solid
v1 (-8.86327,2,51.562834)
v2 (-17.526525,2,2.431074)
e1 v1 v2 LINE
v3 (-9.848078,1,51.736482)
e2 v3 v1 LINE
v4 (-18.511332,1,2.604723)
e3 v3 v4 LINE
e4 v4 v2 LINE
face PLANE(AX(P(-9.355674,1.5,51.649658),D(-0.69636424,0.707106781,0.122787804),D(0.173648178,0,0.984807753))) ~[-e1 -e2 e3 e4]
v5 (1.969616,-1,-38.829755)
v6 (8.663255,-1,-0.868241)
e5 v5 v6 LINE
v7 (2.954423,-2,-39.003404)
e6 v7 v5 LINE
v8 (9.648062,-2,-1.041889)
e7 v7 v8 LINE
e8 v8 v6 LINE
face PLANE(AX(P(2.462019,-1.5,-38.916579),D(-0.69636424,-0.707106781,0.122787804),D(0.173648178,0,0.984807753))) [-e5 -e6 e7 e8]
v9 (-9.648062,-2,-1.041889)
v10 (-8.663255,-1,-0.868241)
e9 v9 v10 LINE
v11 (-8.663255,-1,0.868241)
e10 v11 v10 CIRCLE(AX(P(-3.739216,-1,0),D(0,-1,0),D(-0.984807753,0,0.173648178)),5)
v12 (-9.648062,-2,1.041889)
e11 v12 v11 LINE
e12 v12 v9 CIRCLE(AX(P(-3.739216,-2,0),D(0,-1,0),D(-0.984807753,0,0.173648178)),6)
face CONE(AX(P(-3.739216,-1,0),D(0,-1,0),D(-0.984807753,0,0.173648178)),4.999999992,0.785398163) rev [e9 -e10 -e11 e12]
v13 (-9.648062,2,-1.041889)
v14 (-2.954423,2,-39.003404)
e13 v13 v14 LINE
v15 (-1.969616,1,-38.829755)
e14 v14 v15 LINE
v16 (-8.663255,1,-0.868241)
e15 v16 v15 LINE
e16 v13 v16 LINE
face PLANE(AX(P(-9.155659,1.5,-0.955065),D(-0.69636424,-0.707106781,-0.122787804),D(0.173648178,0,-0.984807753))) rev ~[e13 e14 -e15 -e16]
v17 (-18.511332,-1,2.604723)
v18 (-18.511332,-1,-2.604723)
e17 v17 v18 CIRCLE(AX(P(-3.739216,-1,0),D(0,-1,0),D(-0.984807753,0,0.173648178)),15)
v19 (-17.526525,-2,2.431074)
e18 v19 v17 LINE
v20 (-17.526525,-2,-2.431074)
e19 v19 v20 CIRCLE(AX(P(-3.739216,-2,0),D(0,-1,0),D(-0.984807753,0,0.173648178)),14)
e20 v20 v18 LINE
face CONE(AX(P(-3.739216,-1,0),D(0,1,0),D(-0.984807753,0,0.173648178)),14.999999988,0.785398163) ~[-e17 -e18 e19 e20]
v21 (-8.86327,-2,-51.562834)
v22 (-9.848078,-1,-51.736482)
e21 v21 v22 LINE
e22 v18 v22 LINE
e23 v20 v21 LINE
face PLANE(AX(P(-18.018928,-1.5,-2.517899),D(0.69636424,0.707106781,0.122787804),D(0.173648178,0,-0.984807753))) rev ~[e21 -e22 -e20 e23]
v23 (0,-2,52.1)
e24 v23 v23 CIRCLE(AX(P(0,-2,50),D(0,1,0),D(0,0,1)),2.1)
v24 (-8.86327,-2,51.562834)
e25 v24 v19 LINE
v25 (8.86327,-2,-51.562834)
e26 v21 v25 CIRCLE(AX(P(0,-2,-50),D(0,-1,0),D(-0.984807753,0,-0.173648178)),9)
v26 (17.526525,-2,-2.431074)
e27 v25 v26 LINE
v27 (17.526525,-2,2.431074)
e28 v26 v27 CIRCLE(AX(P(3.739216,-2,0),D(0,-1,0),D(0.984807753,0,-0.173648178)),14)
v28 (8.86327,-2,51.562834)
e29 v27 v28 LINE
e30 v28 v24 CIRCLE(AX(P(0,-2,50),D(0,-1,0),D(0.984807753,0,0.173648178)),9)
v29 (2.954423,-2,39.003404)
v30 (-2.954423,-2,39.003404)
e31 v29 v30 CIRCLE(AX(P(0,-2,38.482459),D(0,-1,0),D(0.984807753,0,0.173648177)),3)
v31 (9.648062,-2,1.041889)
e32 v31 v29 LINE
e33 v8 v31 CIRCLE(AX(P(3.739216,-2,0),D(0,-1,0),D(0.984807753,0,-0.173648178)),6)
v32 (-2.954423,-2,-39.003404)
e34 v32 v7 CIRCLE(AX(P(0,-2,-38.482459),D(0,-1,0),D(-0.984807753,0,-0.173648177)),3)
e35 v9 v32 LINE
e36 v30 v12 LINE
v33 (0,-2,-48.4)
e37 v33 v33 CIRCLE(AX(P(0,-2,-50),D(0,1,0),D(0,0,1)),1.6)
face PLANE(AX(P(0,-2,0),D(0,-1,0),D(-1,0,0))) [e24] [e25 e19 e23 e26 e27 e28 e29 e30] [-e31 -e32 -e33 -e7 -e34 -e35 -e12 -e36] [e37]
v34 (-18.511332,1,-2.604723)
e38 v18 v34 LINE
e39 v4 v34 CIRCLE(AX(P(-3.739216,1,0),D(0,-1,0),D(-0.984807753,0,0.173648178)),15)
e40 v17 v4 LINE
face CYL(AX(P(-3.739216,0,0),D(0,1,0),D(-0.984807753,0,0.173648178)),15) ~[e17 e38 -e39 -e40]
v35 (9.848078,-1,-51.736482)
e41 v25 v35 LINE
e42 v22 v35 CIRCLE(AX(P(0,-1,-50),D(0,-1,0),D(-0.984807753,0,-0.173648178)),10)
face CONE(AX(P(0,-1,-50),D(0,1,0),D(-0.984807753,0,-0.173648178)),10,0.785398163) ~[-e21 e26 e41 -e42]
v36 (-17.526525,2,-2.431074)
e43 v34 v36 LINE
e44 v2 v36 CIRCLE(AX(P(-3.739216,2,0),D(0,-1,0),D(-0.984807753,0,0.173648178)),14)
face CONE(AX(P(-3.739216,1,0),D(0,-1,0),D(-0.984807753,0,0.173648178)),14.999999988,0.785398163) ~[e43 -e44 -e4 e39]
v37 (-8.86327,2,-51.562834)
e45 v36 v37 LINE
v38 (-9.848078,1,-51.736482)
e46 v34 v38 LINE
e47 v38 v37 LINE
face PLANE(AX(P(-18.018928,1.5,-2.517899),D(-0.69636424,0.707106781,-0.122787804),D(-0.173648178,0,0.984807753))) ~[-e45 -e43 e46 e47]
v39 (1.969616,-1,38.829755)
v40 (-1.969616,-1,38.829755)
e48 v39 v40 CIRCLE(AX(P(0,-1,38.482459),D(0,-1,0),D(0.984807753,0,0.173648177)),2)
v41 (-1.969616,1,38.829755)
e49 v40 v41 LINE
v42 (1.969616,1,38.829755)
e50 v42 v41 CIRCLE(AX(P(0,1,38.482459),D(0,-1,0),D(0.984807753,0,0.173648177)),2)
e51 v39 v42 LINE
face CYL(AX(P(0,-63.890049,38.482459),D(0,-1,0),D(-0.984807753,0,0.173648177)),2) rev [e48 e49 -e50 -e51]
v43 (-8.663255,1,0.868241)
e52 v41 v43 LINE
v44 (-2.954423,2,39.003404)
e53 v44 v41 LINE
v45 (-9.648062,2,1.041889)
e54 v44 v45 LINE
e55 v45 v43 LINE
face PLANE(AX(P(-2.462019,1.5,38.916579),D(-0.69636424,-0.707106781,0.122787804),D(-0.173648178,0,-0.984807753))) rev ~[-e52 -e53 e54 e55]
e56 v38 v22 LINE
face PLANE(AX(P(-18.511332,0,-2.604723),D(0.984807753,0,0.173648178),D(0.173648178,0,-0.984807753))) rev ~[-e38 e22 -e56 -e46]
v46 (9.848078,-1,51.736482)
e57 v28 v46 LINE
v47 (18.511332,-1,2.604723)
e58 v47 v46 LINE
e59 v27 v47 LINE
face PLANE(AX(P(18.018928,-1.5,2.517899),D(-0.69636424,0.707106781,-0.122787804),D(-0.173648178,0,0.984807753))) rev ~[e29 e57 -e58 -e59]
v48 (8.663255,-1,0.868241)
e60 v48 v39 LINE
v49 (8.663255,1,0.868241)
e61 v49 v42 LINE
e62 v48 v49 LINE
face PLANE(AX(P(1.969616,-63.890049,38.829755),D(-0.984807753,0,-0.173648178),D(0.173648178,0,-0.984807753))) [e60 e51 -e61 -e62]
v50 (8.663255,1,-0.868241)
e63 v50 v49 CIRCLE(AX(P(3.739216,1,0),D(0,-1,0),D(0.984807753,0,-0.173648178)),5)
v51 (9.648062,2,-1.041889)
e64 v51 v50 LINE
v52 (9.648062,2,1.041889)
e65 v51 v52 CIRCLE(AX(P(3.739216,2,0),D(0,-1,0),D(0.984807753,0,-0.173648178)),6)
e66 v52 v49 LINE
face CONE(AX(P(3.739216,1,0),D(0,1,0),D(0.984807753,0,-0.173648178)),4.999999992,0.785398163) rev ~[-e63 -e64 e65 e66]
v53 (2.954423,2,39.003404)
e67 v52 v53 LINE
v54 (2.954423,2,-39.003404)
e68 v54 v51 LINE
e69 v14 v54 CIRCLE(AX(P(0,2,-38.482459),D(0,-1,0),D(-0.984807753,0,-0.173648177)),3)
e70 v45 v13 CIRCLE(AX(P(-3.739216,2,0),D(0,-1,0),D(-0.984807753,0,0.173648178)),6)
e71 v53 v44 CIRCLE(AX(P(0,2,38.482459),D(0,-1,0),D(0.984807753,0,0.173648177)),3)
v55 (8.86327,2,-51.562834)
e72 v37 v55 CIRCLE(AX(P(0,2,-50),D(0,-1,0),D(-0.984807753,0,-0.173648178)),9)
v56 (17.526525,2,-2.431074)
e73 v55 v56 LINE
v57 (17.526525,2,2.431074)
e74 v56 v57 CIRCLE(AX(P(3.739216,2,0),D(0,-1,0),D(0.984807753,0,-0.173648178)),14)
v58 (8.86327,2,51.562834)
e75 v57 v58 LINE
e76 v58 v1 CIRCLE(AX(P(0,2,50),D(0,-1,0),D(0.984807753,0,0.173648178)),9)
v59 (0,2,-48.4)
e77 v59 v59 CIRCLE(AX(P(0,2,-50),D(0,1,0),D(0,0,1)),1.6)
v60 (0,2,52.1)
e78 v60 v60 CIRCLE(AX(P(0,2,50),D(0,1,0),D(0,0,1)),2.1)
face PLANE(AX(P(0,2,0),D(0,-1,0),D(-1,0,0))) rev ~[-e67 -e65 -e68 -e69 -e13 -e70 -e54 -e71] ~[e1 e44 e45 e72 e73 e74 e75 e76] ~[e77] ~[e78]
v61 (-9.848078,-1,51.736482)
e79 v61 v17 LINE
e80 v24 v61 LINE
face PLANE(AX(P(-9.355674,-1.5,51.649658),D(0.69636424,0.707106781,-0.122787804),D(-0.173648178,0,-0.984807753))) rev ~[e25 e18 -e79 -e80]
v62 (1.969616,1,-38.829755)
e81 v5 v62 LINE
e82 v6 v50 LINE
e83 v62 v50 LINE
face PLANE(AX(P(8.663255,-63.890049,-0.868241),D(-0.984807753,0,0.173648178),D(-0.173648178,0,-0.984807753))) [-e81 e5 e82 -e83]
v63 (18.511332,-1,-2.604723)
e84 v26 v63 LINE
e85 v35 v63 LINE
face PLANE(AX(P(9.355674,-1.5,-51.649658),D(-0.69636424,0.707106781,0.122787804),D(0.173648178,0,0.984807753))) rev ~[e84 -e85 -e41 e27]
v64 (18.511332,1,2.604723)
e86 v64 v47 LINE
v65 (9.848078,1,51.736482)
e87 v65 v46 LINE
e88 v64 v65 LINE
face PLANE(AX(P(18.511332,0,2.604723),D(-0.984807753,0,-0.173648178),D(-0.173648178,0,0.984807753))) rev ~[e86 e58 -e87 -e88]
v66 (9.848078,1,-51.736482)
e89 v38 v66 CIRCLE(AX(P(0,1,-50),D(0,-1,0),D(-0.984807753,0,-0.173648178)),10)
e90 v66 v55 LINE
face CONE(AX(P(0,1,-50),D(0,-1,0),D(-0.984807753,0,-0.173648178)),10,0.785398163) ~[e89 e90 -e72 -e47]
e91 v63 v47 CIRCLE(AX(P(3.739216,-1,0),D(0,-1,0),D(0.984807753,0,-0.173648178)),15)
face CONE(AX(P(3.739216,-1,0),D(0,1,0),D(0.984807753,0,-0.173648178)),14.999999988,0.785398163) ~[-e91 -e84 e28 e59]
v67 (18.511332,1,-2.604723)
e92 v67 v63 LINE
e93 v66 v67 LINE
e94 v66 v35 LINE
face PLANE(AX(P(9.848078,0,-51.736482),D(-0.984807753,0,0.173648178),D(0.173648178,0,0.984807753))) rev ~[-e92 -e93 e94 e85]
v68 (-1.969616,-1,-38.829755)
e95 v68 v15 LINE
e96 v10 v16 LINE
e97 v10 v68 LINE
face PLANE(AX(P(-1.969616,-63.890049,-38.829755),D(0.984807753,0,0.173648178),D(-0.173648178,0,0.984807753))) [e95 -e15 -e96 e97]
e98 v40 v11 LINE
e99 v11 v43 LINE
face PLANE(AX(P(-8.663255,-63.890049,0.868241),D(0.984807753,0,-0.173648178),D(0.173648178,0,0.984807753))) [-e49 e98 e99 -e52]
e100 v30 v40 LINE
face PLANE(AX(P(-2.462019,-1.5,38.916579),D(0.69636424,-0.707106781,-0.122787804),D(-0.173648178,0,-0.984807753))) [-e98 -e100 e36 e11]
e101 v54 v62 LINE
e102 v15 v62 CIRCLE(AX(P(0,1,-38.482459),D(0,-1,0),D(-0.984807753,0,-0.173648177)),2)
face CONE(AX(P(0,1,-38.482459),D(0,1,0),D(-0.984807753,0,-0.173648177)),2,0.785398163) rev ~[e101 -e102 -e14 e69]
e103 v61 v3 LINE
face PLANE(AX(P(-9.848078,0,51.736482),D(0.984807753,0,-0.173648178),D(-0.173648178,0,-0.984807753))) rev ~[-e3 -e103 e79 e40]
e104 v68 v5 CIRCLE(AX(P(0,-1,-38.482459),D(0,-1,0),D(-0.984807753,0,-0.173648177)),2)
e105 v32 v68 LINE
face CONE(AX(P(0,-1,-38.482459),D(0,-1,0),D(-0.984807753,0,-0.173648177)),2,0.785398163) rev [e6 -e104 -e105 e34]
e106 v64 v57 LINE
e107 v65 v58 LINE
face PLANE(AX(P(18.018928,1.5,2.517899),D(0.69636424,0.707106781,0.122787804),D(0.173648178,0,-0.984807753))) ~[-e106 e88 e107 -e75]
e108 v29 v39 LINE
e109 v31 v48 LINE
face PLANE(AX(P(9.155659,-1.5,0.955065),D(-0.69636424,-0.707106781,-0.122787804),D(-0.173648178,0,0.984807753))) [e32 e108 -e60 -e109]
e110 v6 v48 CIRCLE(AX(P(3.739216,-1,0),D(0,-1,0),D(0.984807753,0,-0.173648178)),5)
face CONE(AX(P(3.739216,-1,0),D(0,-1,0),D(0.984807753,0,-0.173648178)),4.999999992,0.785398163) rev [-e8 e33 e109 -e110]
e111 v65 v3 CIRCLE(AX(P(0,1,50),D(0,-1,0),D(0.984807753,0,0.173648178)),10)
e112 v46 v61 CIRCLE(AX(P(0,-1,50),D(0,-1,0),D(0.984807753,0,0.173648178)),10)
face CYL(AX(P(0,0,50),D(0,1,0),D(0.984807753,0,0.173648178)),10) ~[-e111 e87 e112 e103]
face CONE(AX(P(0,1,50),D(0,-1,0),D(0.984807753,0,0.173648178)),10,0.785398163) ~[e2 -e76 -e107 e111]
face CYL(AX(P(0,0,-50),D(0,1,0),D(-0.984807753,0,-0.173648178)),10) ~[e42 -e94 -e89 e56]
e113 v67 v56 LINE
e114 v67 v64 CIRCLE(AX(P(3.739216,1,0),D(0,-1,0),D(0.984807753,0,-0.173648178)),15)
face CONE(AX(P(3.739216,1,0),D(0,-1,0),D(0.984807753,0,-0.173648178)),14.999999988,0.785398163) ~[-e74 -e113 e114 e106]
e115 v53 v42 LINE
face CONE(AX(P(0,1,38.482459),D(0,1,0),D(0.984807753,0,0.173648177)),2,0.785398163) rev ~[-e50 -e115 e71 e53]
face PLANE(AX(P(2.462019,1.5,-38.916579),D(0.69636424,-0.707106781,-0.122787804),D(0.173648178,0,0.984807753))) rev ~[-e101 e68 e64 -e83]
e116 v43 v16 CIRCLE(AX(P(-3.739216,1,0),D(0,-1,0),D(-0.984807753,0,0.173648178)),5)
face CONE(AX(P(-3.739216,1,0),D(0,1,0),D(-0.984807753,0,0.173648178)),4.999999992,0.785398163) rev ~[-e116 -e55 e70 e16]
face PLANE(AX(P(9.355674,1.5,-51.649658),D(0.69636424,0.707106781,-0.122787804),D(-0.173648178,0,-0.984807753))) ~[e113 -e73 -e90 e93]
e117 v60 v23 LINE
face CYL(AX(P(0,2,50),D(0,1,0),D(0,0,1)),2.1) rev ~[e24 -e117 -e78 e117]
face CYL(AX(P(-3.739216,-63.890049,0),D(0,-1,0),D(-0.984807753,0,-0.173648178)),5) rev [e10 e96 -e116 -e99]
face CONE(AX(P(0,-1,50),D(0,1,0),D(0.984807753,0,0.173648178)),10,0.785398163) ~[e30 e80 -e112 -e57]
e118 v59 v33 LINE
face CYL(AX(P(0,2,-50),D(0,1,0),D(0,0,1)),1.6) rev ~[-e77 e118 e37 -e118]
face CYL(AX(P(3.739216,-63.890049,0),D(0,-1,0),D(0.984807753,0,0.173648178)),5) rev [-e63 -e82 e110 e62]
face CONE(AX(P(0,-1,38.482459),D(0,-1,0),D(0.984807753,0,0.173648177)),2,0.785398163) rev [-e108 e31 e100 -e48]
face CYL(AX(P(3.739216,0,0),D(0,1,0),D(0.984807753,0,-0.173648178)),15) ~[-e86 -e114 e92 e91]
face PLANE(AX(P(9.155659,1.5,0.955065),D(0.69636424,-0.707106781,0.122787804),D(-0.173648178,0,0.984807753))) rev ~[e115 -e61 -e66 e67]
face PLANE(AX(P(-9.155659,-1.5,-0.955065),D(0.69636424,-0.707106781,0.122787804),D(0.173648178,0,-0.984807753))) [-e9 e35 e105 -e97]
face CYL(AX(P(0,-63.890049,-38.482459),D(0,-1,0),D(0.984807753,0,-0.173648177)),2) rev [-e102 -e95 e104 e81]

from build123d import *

# Parameters (mm, degrees)
EXTRUDE_1_DEPTH          = 2
SKETCH_2_R               = 1.6
SKETCH_2_R_2             = 2.1
CUT_EXTRUDE_1_DEPTH      = 63.985380966
CUT_EXTRUDE_4_DEPTH      = 63.89004862
CUT_EXTRUDE_4_DEPTH_BACK = 63.89004862
CHAMFER_1_SIZE           = 1


with BuildPart() as part:
    # 草图1 → 凸台-拉伸1 (new, symmetric)
    with BuildSketch(Plane(origin=(0, 0, 0), x_dir=(1, 0, 0), z_dir=(0, 1, 0))):
        with BuildLine():
            Line((-18.511332271, 2.604722665), (-9.84807753, 51.736481777))
            ThreePointArc((-9.84807753, 51.736481777), (0, 60), (9.84807753, 51.736481777))
            Line((9.84807753, 51.736481777), (18.511332271, 2.604722665))
            ThreePointArc((18.511332271, 2.604722665), (18.739215976, 0), (18.511332271, -2.604722665))
            Line((18.511332271, -2.604722665), (9.84807753, -51.736481777))
            ThreePointArc((9.84807753, -51.736481777), (0, -60), (-9.84807753, -51.736481777))
            Line((-9.84807753, -51.736481777), (-18.511332271, -2.604722665))
            ThreePointArc((-18.511332271, -2.604722665), (-18.739215976, 0), (-18.511332271, 2.604722665))
        make_face()
    extrude(amount=EXTRUDE_1_DEPTH, both=True)

    # 草图2 → 切除-拉伸1 (cut, through all)
    with BuildSketch(Plane(origin=(0, 2, 0), x_dir=(1, 0, 0), z_dir=(0, 1, 0))):
        with Locations(Location((0, 50, 0), (0, 0, 270))):
            Circle(SKETCH_2_R)
        with Locations(Location((0, -50, 0), (0, 0, 270))):
            Circle(SKETCH_2_R_2)
    extrude(amount=-CUT_EXTRUDE_1_DEPTH, mode=Mode.SUBTRACT)

    # 草图6 → 切除-拉伸4 (cut, two sides: drawn at the far end of the back side and taken through both)
    with BuildSketch(Plane(origin=(0, 0, 0), x_dir=(1, 0, 0), z_dir=(0, 1, 0)).offset(-CUT_EXTRUDE_4_DEPTH_BACK)):
        with BuildLine():
            Line((-1.969615506, 38.829755389), (-8.663254741, 0.868240888))
            ThreePointArc((-8.663254741, 0.868240888), (-8.739215976, 0), (-8.663254741, -0.868240888))
            Line((-8.663254741, -0.868240888), (-1.969615506, -38.829755389))
            ThreePointArc((-1.969615506, -38.829755389), (0, -40.482459034), (1.969615506, -38.829755389))
            Line((1.969615506, -38.829755389), (8.663254741, -0.868240888))
            ThreePointArc((8.663254741, -0.868240888), (8.739215976, 0), (8.663254741, 0.868240888))
            Line((8.663254741, 0.868240888), (1.969615506, 38.829755389))
            ThreePointArc((1.969615506, 38.829755389), (0, 40.482459034), (-1.969615506, 38.829755389))
        make_face()
    extrude(amount=CUT_EXTRUDE_4_DEPTH + CUT_EXTRUDE_4_DEPTH_BACK, mode=Mode.SUBTRACT)

    # 倒角1
    chamfer_1_edges = [part.edges().sort_by_distance(p)[0] for p in [
        (-14.179704901, -2, 27.170602221),
        (-18.739215976, -2, 0),
        (-14.179704901, -2, -27.170602221),
        (0, -2, -60),
        (-18.739215976, 2, 0),
        (-14.179704901, 2, 27.170602221),
        (0, 2, 60),
        (14.179704901, 2, 27.170602221),
        (18.739215976, 2, 0),
        (14.179704901, 2, -27.170602221),
        (0, -2, 40.482459034),
        (-5.316435124, -2, 19.848998139),
        (-8.739215976, -2, 0),
        (-5.316435124, -2, -19.848998139),
        (0, -2, -40.482459034),
        (5.316435124, -2, -19.848998139),
        (8.739215976, -2, 0),
        (5.316435124, -2, 19.848998139),
        (0, 2, 40.482459034),
        (5.316435124, 2, 19.848998139),
        (8.739215976, 2, 0),
        (5.316435124, 2, -19.848998139),
        (0, 2, -40.482459034),
        (-5.316435124, 2, -19.848998139),
        (-8.739215976, 2, 0),
        (-5.316435124, 2, 19.848998139),
        (0, 2, -60),
        (14.179704901, -2, -27.170602221),
        (-14.179704901, 2, -27.170602221),
        (18.739215976, -2, 0),
        (14.179704901, -2, 27.170602221),
        (0, -2, 60),
    ]]
    chamfer(chamfer_1_edges, length=CHAMFER_1_SIZE)


solid = part.part
